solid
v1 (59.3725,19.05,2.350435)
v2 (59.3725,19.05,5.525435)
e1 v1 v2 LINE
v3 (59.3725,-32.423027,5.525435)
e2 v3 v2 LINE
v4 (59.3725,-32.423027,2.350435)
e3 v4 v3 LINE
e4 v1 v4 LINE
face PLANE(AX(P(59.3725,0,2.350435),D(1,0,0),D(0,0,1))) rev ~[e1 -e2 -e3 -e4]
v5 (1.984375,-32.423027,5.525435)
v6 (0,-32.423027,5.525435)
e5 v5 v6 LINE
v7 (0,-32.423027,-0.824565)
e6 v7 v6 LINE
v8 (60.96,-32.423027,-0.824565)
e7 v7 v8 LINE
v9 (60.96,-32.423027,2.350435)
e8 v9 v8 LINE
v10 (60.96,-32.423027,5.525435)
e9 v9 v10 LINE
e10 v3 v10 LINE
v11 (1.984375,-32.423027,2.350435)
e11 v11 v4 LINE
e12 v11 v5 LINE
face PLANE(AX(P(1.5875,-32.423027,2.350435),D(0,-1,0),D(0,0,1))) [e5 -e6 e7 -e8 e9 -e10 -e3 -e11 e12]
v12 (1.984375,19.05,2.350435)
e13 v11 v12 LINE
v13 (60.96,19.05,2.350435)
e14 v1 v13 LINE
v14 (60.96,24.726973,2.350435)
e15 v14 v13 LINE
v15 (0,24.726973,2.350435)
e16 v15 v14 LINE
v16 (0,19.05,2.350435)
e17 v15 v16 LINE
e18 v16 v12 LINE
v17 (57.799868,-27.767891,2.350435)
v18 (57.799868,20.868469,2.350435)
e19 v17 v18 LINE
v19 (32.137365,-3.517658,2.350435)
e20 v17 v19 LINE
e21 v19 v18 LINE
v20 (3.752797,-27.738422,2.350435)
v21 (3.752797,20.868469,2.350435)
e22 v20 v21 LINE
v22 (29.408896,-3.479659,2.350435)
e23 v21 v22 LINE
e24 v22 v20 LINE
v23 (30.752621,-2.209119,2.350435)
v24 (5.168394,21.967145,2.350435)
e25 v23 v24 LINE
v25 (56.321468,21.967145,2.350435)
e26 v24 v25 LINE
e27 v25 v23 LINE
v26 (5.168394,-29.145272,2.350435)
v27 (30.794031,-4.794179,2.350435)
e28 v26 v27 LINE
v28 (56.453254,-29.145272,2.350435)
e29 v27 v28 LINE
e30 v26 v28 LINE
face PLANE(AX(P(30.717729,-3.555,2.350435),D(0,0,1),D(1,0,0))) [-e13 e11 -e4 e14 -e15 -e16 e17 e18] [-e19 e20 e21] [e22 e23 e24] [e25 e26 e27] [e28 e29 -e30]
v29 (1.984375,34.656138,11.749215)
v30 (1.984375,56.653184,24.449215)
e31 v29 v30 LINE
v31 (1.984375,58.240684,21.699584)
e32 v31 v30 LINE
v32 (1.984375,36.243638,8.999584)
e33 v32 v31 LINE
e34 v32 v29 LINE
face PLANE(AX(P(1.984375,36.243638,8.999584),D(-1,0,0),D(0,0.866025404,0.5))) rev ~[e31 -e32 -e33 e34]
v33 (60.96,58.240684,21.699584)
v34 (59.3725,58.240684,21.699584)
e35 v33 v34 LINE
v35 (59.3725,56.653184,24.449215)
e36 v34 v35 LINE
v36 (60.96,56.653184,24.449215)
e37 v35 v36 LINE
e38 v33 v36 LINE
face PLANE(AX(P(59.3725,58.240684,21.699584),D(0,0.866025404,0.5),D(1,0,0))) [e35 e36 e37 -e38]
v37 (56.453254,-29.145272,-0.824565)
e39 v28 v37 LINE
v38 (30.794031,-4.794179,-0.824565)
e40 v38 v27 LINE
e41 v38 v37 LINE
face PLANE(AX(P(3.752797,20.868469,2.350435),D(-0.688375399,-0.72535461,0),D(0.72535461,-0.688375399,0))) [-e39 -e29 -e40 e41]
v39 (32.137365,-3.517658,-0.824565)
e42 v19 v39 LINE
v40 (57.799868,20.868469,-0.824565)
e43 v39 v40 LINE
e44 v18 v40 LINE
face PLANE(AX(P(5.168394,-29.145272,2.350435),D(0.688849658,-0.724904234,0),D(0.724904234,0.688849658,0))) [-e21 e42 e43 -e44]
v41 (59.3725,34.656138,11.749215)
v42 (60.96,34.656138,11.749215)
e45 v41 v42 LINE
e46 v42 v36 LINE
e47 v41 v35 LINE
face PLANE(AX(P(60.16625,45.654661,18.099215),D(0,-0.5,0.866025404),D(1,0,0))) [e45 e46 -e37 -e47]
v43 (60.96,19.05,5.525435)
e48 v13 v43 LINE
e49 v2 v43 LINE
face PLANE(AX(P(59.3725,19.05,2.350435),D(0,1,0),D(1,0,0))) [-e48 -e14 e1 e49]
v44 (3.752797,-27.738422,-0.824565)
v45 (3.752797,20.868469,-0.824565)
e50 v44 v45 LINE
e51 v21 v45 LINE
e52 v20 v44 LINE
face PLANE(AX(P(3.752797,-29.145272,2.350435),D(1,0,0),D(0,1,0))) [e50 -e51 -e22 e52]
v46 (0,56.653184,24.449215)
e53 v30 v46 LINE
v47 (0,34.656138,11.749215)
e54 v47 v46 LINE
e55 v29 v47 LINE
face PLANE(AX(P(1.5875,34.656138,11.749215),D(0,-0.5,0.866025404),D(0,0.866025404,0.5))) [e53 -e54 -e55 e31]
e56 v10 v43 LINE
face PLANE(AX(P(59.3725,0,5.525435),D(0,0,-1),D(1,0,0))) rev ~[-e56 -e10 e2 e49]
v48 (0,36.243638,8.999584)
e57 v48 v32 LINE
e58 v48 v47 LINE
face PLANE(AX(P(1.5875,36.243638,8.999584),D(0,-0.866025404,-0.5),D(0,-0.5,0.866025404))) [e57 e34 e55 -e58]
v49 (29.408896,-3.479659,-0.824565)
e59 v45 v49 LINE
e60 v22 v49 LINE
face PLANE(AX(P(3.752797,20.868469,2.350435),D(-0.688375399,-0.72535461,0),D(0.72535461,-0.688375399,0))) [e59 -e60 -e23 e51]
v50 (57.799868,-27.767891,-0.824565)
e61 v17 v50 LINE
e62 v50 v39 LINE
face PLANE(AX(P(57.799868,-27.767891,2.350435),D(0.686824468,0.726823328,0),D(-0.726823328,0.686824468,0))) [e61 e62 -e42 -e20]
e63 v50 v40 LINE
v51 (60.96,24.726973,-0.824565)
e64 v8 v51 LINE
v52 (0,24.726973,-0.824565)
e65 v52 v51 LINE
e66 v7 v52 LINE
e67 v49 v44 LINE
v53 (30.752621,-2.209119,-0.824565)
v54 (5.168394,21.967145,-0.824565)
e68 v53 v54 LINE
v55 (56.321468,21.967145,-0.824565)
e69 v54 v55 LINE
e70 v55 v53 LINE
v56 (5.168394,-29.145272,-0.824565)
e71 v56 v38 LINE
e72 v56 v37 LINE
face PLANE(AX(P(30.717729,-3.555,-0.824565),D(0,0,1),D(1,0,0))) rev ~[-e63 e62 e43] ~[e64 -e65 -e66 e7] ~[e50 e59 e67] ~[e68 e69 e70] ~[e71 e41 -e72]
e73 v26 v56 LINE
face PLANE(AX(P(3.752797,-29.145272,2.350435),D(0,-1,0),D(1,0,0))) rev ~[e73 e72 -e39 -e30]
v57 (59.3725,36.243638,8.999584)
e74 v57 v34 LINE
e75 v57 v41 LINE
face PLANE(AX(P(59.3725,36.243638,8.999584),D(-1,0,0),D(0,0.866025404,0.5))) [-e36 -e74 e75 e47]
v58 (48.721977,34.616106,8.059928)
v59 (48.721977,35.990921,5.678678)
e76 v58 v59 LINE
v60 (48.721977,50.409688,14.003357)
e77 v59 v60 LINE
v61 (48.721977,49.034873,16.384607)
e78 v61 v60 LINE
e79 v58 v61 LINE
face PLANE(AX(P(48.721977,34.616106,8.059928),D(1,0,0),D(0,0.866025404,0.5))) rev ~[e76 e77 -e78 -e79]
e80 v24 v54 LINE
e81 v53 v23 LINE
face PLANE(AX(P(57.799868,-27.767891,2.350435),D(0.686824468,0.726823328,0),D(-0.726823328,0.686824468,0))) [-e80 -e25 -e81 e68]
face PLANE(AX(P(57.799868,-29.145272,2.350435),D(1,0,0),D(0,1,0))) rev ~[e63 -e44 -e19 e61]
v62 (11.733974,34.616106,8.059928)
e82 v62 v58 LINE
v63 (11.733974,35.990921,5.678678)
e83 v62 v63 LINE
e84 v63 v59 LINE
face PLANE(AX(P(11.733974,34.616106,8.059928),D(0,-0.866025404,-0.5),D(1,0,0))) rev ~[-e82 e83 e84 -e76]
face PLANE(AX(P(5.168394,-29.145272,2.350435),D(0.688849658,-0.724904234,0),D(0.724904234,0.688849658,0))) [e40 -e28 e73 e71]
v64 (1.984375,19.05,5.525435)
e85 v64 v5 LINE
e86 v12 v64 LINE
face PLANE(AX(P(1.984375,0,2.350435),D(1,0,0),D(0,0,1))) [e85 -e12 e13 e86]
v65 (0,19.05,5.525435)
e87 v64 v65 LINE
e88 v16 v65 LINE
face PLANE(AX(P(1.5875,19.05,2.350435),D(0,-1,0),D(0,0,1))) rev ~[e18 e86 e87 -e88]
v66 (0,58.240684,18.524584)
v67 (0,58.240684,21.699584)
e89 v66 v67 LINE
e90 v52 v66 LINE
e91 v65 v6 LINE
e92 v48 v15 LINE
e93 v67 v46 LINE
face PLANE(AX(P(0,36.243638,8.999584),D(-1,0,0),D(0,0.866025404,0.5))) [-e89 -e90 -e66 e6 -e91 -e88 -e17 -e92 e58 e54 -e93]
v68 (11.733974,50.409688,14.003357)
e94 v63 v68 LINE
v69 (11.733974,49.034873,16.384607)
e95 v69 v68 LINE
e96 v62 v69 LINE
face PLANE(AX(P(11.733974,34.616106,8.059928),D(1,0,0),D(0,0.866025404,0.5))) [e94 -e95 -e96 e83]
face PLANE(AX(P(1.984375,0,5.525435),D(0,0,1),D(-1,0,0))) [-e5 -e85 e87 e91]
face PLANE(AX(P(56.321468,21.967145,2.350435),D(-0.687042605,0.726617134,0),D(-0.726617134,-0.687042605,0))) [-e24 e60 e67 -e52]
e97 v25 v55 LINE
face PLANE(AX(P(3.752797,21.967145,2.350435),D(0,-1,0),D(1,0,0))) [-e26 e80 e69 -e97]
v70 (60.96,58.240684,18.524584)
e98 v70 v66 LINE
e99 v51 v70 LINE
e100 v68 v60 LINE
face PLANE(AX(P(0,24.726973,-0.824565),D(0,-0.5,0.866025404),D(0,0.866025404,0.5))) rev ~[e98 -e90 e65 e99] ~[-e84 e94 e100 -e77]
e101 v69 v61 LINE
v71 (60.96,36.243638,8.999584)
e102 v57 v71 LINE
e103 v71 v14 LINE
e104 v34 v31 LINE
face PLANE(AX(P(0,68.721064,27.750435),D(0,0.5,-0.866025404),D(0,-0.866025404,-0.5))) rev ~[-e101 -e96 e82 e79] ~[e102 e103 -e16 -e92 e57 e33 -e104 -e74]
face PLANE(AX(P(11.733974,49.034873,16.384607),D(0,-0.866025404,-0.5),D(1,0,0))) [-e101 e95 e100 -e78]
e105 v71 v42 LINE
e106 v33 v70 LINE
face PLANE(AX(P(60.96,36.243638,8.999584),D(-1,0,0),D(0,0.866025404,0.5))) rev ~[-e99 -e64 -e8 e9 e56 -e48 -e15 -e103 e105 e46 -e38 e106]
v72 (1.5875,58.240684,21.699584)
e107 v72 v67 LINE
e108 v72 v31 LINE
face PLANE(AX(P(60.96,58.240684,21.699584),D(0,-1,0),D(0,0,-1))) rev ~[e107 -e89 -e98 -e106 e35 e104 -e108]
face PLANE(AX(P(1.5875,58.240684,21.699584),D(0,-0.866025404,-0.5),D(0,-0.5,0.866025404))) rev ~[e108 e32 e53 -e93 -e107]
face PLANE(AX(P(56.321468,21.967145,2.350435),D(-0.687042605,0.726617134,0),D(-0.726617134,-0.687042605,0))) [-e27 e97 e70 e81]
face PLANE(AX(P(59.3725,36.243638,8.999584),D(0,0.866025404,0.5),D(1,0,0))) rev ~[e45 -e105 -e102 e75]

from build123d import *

# Parameters (mm, degrees)
F1_DEPTH  = 60.96
F2_W      = 1.5875
F2_H      = 32.4230269723
F3_DEPTH  = 3.175
F4_W      = 1.5875
F4_H      = 32.4230269723
F5_DEPTH  = 3.175
F7_DEPTH  = 60.961
F8_W      = 54.0470709093
F8_H      = 51.1124171317
F9_DEPTH  = 3.176
F10_W     = 1.5875
F10_H     = 25.4
F11_DEPTH = 3.175
F12_W     = 1.5875
F12_H     = 25.4
F13_DEPTH = 3.175
F15_DEPTH = 3.175
F17_DEPTH = 3.175
F18_W     = 36.9880022481
F18_H     = 16.6493579745
F19_DEPTH = 19.5074859241
F20_DEPTH = 0.396875
F21_DEPTH = 0.396875
F22_DEPTH = 19.05
F23_DEPTH = 19.05


with BuildPart() as f1:
    # F0 (on Right) → F1 (new body)
    with BuildSketch(Plane.YZ):
        Polygon((-32.4230269723, -0.8245654169), (24.7269730277, -0.8245654169), (68.72106354, 24.5754345831), (68.72106354, 27.7504345831), (24.7269730277, 2.3504345831), (-32.4230269723, 2.3504345831), align=None)
    extrude(amount=F1_DEPTH)

    # F2 (on face) → F3 (join)
    with BuildSketch(Plane.XY.offset(2.3504345831)):
        with Locations((60.16625, -16.2115134861)):
            Rectangle(F2_W, F2_H)
    extrude(amount=F3_DEPTH)

    # F4 (on face) → F5 (join)
    with BuildSketch(Plane.XY.offset(2.3504345831)):
        with Locations((0.79375, -16.2115134861)):
            Rectangle(F4_W, F4_H)
    extrude(amount=F5_DEPTH)

    # F6 (on face) → F7 (cut, through all)
    with BuildSketch(Plane.YZ.offset(60.96)):
        Polygon((68.72106354, 27.7504345831), (58.240683562, 21.6995843816), (58.240683562, 18.5245843816), (68.72106354, 24.5754345831), align=None)
    extrude(amount=-F7_DEPTH, mode=Mode.SUBTRACT)

    # F8 (on face) → F9 (cut, through all)
    with BuildSketch(Plane.XY.offset(2.3504345831)):
        with Locations((30.776332831, -3.5890638828)):
            Rectangle(F8_W, F8_H)
    extrude(amount=-F9_DEPTH, mode=Mode.SUBTRACT)

    # F10 (on face) → F11 (join)
    with BuildSketch(Plane(origin=(0, 5.1639752275, -8.944267463), x_dir=(1, 0, 0), z_dir=(0, -0.5, 0.8660254038))):
        with Locations((60.16625, 48.5877036892)):
            Rectangle(F10_W, F10_H)
    extrude(amount=F11_DEPTH)

    # F12 (on face) → F13 (join)
    with BuildSketch(Plane(origin=(0, 5.1639752275, -8.944267463), x_dir=(1, 0, 0), z_dir=(0, -0.5, 0.8660254038))):
        with Locations((0.79375, 48.5877036892)):
            Rectangle(F12_W, F12_H)
    extrude(amount=F13_DEPTH)

    # F14 (on face) → F15 (join)
    with BuildSketch(Plane.XY.offset(2.3504345831)):
        Polygon((57.7998682857, -27.7678910643), (5.1683941856, 21.967144683), (3.7527973764, 21.967144683), (3.7527973764, 20.8684690297), (56.4532540739, -29.1452724487), (57.7998682857, -29.1452724487), align=None)
    extrude(amount=-F15_DEPTH)

    # F16 (on face) → F17 (join)
    with BuildSketch(Plane.XY.offset(2.3504345831)):
        Polygon((56.3214682043, 21.967144683), (3.7527973764, -27.7384221554), (3.7527973764, -29.1452724487), (5.1683941856, -29.1452724487), (57.7998682857, 20.8684690297), (57.7998682857, 21.967144683), align=None)
    extrude(amount=-F17_DEPTH)

    # F18 (on face) → F19 (cut, through all)
    with BuildSketch(Plane(origin=(0, 5.1639752275, -8.944267463), x_dir=(1, 0, 0), z_dir=(0, -0.5, 0.8660254038))):
        with Locations((30.2279754542, 42.3330701888)):
            Rectangle(F18_W, F18_H)
    extrude(amount=-F19_DEPTH, mode=Mode.SUBTRACT)

    # F20 (add): a face of the model
    f20_faces = [f1.faces().sort_by_distance(p)[0] for p in [
        (1.5875, 46.4484109339, 16.7243997101),
    ]]
    extrude(f20_faces, amount=F20_DEPTH)

    # F21 (add): a face of the model
    f21_faces = [f1.faces().sort_by_distance(p)[0] for p in [
        (1.5875, -16.2115134861, 3.9379345831),
    ]]
    extrude(f21_faces, amount=F21_DEPTH)

    # F22 (add): a face of the model
    f22_faces = [f1.faces().sort_by_distance(p)[0] for p in [
        (0.9921875, 0, 3.9379345831),
    ]]
    extrude(f22_faces, amount=F22_DEPTH)

    # F23 (add): a face of the model
    f23_faces = [f1.faces().sort_by_distance(p)[0] for p in [
        (60.16625, 0, 3.9379345831),
    ]]
    extrude(f23_faces, amount=F23_DEPTH)


solid = f1.part
